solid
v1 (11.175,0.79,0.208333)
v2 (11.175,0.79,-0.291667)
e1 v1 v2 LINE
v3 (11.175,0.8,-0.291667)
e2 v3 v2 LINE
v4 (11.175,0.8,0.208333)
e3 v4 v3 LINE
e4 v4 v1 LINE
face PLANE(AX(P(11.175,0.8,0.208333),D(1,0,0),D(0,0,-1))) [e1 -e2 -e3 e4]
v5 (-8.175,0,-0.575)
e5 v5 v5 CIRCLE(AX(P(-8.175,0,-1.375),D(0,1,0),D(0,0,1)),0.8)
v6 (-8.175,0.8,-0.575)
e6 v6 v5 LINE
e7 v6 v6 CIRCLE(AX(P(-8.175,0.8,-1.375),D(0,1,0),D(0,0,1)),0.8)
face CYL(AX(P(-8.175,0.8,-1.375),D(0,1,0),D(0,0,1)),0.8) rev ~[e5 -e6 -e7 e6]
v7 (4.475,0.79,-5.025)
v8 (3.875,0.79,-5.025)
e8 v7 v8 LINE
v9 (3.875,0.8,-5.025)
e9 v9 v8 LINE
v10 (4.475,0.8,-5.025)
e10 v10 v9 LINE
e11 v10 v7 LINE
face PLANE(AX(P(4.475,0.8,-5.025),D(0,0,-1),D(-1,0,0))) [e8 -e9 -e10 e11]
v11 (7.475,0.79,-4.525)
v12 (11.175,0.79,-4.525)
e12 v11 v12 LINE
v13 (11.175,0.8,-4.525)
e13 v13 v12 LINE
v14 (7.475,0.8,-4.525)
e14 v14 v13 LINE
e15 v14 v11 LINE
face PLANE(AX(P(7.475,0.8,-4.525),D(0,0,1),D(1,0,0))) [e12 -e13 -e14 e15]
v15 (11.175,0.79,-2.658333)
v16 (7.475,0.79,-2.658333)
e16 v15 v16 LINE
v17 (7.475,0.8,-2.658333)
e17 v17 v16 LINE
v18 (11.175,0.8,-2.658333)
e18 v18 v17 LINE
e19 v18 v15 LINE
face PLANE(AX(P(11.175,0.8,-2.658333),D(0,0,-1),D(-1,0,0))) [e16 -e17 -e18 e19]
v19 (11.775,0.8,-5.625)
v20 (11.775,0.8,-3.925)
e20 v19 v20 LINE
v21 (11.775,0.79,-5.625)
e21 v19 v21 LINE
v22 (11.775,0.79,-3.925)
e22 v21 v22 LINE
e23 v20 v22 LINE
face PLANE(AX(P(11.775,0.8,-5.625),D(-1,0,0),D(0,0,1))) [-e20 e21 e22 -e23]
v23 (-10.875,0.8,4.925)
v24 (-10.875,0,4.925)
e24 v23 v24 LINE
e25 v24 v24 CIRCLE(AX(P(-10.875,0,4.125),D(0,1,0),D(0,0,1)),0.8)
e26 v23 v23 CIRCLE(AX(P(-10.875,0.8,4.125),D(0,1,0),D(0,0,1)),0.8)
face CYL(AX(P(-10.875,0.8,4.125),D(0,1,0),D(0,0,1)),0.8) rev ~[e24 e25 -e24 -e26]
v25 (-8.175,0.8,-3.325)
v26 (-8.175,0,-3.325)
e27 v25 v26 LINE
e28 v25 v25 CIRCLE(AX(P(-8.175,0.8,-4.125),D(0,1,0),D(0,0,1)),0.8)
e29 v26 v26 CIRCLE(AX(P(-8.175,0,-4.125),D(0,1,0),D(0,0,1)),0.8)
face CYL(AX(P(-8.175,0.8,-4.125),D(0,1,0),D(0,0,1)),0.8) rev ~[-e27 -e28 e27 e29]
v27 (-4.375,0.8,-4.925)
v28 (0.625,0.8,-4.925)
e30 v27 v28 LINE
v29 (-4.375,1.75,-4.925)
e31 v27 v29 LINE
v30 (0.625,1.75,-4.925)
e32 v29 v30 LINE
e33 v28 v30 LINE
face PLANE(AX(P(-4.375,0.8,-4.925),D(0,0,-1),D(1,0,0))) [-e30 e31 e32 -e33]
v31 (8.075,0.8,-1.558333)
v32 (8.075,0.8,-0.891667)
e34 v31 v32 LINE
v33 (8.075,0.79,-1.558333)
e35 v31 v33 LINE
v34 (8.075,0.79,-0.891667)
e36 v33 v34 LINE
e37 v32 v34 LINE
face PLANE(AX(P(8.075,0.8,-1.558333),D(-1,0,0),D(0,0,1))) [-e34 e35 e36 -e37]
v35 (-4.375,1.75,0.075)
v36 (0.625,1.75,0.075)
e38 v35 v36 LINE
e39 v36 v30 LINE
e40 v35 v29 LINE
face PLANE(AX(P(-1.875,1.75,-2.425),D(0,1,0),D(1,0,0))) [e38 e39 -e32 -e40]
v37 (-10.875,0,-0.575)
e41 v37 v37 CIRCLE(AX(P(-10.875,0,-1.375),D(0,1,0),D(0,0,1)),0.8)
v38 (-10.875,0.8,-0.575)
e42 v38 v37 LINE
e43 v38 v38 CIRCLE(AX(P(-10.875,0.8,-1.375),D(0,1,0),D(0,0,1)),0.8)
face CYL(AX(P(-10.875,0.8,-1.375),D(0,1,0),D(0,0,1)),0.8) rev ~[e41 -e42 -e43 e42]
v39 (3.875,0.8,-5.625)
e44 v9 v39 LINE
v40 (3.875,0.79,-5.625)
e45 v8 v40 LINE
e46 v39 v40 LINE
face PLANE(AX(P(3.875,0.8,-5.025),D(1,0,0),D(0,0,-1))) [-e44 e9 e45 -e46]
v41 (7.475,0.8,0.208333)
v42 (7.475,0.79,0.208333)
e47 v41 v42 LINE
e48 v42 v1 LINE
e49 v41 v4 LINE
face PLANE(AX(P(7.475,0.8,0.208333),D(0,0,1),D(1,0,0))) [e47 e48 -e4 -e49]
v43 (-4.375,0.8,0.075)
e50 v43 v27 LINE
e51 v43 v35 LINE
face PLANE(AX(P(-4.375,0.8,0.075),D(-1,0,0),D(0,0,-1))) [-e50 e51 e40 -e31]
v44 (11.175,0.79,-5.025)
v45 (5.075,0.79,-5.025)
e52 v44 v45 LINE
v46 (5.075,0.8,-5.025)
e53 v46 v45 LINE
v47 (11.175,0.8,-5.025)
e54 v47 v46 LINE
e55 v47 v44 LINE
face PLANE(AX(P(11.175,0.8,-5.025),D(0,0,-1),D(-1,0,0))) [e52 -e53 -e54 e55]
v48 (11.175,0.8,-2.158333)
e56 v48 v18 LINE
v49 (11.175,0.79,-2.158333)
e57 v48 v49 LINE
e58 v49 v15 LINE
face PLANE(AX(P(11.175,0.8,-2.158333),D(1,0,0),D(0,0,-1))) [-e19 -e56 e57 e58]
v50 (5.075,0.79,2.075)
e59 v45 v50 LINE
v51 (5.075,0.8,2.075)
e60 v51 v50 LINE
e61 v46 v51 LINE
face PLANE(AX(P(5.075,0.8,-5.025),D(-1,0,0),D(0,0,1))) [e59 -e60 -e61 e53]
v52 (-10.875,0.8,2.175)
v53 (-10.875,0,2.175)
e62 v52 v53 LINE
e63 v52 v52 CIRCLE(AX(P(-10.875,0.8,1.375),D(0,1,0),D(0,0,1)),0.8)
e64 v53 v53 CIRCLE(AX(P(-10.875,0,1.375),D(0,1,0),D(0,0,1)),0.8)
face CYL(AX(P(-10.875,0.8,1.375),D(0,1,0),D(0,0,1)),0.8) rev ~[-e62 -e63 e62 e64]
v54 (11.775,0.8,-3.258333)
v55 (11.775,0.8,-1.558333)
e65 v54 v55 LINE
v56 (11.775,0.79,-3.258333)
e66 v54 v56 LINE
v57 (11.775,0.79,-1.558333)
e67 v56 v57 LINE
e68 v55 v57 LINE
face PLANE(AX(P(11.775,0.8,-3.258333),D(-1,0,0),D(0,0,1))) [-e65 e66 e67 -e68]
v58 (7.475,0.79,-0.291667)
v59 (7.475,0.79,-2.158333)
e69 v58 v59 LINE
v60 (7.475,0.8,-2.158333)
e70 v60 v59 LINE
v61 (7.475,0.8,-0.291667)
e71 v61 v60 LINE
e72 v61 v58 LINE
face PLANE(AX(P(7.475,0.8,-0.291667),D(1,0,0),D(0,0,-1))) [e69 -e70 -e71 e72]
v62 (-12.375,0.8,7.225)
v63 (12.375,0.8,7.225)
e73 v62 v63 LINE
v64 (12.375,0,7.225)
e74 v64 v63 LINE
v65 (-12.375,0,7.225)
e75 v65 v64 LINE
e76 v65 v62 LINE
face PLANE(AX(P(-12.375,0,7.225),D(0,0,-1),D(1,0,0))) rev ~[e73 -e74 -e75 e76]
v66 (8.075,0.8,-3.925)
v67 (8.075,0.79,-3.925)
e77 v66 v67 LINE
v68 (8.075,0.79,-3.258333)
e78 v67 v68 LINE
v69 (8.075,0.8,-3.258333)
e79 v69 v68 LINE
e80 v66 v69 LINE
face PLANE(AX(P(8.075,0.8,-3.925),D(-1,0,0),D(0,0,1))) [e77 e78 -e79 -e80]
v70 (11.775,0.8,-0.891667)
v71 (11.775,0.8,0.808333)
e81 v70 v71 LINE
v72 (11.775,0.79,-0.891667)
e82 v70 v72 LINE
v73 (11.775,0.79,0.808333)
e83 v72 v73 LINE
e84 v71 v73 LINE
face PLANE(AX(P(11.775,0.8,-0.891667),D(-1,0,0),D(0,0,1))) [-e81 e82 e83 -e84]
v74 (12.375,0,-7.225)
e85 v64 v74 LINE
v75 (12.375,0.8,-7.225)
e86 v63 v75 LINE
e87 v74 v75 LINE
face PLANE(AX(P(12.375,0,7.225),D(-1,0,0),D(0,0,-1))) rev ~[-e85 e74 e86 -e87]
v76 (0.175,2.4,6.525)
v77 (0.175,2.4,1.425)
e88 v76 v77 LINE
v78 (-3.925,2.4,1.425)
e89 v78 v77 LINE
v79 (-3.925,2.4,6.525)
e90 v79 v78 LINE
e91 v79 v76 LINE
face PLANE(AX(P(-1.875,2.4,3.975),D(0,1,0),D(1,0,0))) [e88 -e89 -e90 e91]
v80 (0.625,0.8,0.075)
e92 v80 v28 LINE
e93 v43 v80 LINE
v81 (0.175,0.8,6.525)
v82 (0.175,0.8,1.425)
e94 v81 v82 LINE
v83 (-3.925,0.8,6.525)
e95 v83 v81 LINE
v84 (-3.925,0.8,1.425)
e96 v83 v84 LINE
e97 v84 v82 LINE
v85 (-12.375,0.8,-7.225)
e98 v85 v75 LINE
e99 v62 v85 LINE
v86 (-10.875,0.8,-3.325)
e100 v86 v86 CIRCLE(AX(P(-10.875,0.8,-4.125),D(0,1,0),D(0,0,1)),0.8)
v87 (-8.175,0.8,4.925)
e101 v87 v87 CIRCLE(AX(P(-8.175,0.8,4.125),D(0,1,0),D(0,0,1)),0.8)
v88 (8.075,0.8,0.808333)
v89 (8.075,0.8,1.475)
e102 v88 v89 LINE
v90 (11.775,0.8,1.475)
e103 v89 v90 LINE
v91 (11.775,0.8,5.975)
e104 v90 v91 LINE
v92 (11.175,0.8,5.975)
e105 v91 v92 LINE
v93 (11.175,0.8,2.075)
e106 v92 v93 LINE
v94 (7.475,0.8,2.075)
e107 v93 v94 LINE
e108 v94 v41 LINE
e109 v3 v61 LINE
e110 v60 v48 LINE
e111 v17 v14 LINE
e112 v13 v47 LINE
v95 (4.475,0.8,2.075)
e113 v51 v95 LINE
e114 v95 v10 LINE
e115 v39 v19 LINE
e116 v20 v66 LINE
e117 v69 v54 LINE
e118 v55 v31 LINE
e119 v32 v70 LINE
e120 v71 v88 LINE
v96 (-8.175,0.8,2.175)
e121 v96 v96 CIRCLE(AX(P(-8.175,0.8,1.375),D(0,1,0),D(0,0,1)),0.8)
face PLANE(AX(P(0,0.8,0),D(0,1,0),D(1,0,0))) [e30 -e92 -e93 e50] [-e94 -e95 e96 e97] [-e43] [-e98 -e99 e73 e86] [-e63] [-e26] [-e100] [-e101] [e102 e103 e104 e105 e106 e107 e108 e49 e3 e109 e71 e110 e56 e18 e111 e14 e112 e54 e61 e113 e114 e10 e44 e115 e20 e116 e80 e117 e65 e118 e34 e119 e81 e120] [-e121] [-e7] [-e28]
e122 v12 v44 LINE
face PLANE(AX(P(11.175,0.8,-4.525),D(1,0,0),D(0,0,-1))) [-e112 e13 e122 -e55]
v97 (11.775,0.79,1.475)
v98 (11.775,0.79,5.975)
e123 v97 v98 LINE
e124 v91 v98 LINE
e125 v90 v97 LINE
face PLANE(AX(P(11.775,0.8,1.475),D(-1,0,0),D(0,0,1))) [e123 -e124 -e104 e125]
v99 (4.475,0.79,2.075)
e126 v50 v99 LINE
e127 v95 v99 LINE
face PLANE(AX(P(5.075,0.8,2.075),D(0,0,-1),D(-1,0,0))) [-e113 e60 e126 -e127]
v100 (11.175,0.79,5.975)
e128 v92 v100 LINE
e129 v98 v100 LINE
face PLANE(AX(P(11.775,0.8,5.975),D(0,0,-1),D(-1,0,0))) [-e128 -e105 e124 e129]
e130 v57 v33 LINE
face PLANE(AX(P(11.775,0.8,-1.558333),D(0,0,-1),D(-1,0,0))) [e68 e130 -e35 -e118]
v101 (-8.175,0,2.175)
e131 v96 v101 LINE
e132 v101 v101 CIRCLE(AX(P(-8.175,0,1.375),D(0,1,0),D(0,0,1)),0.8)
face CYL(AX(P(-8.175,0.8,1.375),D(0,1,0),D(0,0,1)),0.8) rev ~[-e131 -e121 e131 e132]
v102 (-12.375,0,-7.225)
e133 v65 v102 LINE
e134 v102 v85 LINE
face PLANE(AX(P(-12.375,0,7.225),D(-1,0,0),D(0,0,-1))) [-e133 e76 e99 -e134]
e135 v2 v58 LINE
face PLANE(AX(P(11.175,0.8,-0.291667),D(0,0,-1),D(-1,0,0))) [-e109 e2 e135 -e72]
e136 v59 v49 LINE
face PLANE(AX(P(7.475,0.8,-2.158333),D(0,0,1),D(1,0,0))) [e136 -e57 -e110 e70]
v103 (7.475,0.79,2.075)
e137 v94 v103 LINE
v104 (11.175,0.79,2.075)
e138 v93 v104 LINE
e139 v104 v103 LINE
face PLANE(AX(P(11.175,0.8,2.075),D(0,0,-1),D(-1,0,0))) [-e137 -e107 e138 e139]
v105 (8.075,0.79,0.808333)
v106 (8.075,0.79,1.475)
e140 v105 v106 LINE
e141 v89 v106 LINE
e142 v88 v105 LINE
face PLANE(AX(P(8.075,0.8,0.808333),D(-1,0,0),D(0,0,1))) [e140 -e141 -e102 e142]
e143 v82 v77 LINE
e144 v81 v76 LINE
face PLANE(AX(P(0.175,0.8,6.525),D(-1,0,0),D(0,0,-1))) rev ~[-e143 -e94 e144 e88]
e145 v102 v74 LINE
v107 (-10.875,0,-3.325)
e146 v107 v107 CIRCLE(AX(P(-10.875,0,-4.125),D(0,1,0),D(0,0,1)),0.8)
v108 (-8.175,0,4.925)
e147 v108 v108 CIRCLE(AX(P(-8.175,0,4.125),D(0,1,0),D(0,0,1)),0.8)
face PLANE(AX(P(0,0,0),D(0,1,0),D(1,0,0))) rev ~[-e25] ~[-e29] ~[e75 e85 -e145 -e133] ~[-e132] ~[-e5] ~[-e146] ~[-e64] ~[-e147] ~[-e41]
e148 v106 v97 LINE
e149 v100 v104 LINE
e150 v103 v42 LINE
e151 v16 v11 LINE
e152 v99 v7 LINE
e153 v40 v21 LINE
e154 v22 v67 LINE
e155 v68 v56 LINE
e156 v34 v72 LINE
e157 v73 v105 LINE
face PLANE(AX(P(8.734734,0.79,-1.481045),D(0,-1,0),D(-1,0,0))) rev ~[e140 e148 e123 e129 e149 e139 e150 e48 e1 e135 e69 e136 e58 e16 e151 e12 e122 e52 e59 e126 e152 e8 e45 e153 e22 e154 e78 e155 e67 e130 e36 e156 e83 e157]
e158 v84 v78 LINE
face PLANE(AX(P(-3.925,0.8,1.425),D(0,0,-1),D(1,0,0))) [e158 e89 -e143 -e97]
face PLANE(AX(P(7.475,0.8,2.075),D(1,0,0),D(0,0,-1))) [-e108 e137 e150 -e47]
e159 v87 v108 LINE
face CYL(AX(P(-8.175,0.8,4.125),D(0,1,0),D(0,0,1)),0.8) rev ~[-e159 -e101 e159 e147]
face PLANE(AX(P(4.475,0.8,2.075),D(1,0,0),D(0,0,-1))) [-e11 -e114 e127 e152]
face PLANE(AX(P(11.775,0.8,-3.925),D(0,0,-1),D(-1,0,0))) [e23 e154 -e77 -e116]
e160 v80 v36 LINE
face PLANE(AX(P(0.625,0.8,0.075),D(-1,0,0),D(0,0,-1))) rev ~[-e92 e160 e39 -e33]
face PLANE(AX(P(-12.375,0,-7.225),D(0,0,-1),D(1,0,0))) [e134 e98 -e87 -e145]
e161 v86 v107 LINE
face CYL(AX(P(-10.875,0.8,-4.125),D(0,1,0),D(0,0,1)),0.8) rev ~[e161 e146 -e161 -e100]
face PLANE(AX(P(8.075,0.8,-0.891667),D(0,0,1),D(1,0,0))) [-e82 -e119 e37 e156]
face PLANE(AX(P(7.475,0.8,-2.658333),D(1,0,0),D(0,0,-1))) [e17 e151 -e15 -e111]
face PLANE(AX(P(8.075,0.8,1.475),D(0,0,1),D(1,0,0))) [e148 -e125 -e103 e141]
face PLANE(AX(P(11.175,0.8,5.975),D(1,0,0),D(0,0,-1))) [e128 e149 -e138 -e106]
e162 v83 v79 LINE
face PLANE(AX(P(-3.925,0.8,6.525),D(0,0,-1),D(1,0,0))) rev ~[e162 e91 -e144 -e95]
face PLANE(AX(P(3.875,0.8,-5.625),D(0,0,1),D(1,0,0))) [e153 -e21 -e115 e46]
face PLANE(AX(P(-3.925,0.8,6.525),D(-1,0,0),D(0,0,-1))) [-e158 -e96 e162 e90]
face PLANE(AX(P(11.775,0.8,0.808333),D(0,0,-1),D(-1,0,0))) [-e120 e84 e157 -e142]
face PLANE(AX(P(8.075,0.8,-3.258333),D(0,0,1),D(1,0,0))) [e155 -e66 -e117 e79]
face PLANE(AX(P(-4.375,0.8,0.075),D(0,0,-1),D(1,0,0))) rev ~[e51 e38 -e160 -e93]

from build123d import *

# Parameters (mm, degrees)
ESQUISSE1_W             = 24.75
ESQUISSE1_H             = 14.45
BOSS_EXTRU_1_DEPTH      = 0.8
ESQUISSE2_W             = 5
ESQUISSE2_H             = 5
BOSS_EXTRU_2_DEPTH      = 0.95
ESQUISSE4_W             = 4.1
ESQUISSE4_H             = 5.1
BOSS_EXTRU_3_DEPTH      = 1.6
ESQUISSE5_R             = 0.8
ENL_V_MAT_EXTRU_1_DEPTH = 1.6
ENL_V_MAT_EXTRU_2_DEPTH = 0.01


with BuildPart() as part:
    # Esquisse1 → Boss.-Extru.1 (new body)
    with BuildSketch(Plane(origin=(0, 0, 0), x_dir=(1, 0, 0), z_dir=(0, 1, 0))):
        Rectangle(ESQUISSE1_W, ESQUISSE1_H)
    extrude(amount=BOSS_EXTRU_1_DEPTH)

    # Esquisse2 → Boss.-Extru.2 (add)
    with BuildSketch(Plane(origin=(0, 0.8, 0), x_dir=(1, 0, 0), z_dir=(0, 1, 0))):
        with Locations((-1.875, 2.425)):
            Rectangle(ESQUISSE2_W, ESQUISSE2_H)
    extrude(amount=BOSS_EXTRU_2_DEPTH)

    # Esquisse4 → Boss.-Extru.3 (add)
    with BuildSketch(Plane(origin=(0, 0.8, 0), x_dir=(1, 0, 0), z_dir=(0, 1, 0))):
        with Locations((-1.875, -3.975)):
            Rectangle(ESQUISSE4_W, ESQUISSE4_H)
    extrude(amount=BOSS_EXTRU_3_DEPTH)

    # Esquisse5 → Enlèv. mat.-Extru.1 (cut)
    with BuildSketch(Plane(origin=(0, 0.8, 0), x_dir=(1, 0, 0), z_dir=(0, 1, 0))):
        with Locations(Location((-10.875, -4.125, 0), (0, 0, 270))):
            Circle(ESQUISSE5_R)
        with Locations(Location((-10.875, -1.375, 0), (0, 0, 270))):
            Circle(ESQUISSE5_R)
        with Locations(Location((-10.875, 1.375, 0), (0, 0, 270))):
            Circle(ESQUISSE5_R)
        with Locations(Location((-10.875, 4.125, 0), (0, 0, 270))):
            Circle(ESQUISSE5_R)
        with Locations(Location((-8.175, 4.125, 0), (0, 0, 270))):
            Circle(ESQUISSE5_R)
        with Locations(Location((-8.175, 1.375, 0), (0, 0, 270))):
            Circle(ESQUISSE5_R)
        with Locations(Location((-8.175, -1.375, 0), (0, 0, 270))):
            Circle(ESQUISSE5_R)
        with Locations(Location((-8.175, -4.125, 0), (0, 0, 270))):
            Circle(ESQUISSE5_R)
    extrude(amount=-ENL_V_MAT_EXTRU_1_DEPTH, mode=Mode.SUBTRACT)

    # Esquisse6 → Enlèv. mat.-Extru.2 (cut)
    with BuildSketch(Plane(origin=(0, 0.8, 0), x_dir=(1, 0, 0), z_dir=(0, 1, 0))):
        Polygon((3.875, 5.625), (11.775, 5.625), (11.775, 3.925), (8.075, 3.925), (8.075, 3.258333333), (11.775, 3.258333333), (11.775, 1.558333333), (8.075, 1.558333333), (8.075, 0.891666667), (11.775, 0.891666667), (11.775, -0.808333333), (8.075, -0.808333333), (8.075, -1.475), (11.775, -1.475), (11.775, -5.975), (11.175, -5.975), (11.175, -2.075), (7.475, -2.075), (7.475, -0.208333333), (11.175, -0.208333333), (11.175, 0.291666667), (7.475, 0.291666667), (7.475, 2.158333333), (11.175, 2.158333333), (11.175, 2.658333333), (7.475, 2.658333333), (7.475, 4.525), (11.175, 4.525), (11.175, 5.025), (5.075, 5.025), (5.075, -2.075), (4.475, -2.075), (4.475, 5.025), (3.875, 5.025), align=None)
    extrude(amount=-ENL_V_MAT_EXTRU_2_DEPTH, mode=Mode.SUBTRACT)


solid = part.part
